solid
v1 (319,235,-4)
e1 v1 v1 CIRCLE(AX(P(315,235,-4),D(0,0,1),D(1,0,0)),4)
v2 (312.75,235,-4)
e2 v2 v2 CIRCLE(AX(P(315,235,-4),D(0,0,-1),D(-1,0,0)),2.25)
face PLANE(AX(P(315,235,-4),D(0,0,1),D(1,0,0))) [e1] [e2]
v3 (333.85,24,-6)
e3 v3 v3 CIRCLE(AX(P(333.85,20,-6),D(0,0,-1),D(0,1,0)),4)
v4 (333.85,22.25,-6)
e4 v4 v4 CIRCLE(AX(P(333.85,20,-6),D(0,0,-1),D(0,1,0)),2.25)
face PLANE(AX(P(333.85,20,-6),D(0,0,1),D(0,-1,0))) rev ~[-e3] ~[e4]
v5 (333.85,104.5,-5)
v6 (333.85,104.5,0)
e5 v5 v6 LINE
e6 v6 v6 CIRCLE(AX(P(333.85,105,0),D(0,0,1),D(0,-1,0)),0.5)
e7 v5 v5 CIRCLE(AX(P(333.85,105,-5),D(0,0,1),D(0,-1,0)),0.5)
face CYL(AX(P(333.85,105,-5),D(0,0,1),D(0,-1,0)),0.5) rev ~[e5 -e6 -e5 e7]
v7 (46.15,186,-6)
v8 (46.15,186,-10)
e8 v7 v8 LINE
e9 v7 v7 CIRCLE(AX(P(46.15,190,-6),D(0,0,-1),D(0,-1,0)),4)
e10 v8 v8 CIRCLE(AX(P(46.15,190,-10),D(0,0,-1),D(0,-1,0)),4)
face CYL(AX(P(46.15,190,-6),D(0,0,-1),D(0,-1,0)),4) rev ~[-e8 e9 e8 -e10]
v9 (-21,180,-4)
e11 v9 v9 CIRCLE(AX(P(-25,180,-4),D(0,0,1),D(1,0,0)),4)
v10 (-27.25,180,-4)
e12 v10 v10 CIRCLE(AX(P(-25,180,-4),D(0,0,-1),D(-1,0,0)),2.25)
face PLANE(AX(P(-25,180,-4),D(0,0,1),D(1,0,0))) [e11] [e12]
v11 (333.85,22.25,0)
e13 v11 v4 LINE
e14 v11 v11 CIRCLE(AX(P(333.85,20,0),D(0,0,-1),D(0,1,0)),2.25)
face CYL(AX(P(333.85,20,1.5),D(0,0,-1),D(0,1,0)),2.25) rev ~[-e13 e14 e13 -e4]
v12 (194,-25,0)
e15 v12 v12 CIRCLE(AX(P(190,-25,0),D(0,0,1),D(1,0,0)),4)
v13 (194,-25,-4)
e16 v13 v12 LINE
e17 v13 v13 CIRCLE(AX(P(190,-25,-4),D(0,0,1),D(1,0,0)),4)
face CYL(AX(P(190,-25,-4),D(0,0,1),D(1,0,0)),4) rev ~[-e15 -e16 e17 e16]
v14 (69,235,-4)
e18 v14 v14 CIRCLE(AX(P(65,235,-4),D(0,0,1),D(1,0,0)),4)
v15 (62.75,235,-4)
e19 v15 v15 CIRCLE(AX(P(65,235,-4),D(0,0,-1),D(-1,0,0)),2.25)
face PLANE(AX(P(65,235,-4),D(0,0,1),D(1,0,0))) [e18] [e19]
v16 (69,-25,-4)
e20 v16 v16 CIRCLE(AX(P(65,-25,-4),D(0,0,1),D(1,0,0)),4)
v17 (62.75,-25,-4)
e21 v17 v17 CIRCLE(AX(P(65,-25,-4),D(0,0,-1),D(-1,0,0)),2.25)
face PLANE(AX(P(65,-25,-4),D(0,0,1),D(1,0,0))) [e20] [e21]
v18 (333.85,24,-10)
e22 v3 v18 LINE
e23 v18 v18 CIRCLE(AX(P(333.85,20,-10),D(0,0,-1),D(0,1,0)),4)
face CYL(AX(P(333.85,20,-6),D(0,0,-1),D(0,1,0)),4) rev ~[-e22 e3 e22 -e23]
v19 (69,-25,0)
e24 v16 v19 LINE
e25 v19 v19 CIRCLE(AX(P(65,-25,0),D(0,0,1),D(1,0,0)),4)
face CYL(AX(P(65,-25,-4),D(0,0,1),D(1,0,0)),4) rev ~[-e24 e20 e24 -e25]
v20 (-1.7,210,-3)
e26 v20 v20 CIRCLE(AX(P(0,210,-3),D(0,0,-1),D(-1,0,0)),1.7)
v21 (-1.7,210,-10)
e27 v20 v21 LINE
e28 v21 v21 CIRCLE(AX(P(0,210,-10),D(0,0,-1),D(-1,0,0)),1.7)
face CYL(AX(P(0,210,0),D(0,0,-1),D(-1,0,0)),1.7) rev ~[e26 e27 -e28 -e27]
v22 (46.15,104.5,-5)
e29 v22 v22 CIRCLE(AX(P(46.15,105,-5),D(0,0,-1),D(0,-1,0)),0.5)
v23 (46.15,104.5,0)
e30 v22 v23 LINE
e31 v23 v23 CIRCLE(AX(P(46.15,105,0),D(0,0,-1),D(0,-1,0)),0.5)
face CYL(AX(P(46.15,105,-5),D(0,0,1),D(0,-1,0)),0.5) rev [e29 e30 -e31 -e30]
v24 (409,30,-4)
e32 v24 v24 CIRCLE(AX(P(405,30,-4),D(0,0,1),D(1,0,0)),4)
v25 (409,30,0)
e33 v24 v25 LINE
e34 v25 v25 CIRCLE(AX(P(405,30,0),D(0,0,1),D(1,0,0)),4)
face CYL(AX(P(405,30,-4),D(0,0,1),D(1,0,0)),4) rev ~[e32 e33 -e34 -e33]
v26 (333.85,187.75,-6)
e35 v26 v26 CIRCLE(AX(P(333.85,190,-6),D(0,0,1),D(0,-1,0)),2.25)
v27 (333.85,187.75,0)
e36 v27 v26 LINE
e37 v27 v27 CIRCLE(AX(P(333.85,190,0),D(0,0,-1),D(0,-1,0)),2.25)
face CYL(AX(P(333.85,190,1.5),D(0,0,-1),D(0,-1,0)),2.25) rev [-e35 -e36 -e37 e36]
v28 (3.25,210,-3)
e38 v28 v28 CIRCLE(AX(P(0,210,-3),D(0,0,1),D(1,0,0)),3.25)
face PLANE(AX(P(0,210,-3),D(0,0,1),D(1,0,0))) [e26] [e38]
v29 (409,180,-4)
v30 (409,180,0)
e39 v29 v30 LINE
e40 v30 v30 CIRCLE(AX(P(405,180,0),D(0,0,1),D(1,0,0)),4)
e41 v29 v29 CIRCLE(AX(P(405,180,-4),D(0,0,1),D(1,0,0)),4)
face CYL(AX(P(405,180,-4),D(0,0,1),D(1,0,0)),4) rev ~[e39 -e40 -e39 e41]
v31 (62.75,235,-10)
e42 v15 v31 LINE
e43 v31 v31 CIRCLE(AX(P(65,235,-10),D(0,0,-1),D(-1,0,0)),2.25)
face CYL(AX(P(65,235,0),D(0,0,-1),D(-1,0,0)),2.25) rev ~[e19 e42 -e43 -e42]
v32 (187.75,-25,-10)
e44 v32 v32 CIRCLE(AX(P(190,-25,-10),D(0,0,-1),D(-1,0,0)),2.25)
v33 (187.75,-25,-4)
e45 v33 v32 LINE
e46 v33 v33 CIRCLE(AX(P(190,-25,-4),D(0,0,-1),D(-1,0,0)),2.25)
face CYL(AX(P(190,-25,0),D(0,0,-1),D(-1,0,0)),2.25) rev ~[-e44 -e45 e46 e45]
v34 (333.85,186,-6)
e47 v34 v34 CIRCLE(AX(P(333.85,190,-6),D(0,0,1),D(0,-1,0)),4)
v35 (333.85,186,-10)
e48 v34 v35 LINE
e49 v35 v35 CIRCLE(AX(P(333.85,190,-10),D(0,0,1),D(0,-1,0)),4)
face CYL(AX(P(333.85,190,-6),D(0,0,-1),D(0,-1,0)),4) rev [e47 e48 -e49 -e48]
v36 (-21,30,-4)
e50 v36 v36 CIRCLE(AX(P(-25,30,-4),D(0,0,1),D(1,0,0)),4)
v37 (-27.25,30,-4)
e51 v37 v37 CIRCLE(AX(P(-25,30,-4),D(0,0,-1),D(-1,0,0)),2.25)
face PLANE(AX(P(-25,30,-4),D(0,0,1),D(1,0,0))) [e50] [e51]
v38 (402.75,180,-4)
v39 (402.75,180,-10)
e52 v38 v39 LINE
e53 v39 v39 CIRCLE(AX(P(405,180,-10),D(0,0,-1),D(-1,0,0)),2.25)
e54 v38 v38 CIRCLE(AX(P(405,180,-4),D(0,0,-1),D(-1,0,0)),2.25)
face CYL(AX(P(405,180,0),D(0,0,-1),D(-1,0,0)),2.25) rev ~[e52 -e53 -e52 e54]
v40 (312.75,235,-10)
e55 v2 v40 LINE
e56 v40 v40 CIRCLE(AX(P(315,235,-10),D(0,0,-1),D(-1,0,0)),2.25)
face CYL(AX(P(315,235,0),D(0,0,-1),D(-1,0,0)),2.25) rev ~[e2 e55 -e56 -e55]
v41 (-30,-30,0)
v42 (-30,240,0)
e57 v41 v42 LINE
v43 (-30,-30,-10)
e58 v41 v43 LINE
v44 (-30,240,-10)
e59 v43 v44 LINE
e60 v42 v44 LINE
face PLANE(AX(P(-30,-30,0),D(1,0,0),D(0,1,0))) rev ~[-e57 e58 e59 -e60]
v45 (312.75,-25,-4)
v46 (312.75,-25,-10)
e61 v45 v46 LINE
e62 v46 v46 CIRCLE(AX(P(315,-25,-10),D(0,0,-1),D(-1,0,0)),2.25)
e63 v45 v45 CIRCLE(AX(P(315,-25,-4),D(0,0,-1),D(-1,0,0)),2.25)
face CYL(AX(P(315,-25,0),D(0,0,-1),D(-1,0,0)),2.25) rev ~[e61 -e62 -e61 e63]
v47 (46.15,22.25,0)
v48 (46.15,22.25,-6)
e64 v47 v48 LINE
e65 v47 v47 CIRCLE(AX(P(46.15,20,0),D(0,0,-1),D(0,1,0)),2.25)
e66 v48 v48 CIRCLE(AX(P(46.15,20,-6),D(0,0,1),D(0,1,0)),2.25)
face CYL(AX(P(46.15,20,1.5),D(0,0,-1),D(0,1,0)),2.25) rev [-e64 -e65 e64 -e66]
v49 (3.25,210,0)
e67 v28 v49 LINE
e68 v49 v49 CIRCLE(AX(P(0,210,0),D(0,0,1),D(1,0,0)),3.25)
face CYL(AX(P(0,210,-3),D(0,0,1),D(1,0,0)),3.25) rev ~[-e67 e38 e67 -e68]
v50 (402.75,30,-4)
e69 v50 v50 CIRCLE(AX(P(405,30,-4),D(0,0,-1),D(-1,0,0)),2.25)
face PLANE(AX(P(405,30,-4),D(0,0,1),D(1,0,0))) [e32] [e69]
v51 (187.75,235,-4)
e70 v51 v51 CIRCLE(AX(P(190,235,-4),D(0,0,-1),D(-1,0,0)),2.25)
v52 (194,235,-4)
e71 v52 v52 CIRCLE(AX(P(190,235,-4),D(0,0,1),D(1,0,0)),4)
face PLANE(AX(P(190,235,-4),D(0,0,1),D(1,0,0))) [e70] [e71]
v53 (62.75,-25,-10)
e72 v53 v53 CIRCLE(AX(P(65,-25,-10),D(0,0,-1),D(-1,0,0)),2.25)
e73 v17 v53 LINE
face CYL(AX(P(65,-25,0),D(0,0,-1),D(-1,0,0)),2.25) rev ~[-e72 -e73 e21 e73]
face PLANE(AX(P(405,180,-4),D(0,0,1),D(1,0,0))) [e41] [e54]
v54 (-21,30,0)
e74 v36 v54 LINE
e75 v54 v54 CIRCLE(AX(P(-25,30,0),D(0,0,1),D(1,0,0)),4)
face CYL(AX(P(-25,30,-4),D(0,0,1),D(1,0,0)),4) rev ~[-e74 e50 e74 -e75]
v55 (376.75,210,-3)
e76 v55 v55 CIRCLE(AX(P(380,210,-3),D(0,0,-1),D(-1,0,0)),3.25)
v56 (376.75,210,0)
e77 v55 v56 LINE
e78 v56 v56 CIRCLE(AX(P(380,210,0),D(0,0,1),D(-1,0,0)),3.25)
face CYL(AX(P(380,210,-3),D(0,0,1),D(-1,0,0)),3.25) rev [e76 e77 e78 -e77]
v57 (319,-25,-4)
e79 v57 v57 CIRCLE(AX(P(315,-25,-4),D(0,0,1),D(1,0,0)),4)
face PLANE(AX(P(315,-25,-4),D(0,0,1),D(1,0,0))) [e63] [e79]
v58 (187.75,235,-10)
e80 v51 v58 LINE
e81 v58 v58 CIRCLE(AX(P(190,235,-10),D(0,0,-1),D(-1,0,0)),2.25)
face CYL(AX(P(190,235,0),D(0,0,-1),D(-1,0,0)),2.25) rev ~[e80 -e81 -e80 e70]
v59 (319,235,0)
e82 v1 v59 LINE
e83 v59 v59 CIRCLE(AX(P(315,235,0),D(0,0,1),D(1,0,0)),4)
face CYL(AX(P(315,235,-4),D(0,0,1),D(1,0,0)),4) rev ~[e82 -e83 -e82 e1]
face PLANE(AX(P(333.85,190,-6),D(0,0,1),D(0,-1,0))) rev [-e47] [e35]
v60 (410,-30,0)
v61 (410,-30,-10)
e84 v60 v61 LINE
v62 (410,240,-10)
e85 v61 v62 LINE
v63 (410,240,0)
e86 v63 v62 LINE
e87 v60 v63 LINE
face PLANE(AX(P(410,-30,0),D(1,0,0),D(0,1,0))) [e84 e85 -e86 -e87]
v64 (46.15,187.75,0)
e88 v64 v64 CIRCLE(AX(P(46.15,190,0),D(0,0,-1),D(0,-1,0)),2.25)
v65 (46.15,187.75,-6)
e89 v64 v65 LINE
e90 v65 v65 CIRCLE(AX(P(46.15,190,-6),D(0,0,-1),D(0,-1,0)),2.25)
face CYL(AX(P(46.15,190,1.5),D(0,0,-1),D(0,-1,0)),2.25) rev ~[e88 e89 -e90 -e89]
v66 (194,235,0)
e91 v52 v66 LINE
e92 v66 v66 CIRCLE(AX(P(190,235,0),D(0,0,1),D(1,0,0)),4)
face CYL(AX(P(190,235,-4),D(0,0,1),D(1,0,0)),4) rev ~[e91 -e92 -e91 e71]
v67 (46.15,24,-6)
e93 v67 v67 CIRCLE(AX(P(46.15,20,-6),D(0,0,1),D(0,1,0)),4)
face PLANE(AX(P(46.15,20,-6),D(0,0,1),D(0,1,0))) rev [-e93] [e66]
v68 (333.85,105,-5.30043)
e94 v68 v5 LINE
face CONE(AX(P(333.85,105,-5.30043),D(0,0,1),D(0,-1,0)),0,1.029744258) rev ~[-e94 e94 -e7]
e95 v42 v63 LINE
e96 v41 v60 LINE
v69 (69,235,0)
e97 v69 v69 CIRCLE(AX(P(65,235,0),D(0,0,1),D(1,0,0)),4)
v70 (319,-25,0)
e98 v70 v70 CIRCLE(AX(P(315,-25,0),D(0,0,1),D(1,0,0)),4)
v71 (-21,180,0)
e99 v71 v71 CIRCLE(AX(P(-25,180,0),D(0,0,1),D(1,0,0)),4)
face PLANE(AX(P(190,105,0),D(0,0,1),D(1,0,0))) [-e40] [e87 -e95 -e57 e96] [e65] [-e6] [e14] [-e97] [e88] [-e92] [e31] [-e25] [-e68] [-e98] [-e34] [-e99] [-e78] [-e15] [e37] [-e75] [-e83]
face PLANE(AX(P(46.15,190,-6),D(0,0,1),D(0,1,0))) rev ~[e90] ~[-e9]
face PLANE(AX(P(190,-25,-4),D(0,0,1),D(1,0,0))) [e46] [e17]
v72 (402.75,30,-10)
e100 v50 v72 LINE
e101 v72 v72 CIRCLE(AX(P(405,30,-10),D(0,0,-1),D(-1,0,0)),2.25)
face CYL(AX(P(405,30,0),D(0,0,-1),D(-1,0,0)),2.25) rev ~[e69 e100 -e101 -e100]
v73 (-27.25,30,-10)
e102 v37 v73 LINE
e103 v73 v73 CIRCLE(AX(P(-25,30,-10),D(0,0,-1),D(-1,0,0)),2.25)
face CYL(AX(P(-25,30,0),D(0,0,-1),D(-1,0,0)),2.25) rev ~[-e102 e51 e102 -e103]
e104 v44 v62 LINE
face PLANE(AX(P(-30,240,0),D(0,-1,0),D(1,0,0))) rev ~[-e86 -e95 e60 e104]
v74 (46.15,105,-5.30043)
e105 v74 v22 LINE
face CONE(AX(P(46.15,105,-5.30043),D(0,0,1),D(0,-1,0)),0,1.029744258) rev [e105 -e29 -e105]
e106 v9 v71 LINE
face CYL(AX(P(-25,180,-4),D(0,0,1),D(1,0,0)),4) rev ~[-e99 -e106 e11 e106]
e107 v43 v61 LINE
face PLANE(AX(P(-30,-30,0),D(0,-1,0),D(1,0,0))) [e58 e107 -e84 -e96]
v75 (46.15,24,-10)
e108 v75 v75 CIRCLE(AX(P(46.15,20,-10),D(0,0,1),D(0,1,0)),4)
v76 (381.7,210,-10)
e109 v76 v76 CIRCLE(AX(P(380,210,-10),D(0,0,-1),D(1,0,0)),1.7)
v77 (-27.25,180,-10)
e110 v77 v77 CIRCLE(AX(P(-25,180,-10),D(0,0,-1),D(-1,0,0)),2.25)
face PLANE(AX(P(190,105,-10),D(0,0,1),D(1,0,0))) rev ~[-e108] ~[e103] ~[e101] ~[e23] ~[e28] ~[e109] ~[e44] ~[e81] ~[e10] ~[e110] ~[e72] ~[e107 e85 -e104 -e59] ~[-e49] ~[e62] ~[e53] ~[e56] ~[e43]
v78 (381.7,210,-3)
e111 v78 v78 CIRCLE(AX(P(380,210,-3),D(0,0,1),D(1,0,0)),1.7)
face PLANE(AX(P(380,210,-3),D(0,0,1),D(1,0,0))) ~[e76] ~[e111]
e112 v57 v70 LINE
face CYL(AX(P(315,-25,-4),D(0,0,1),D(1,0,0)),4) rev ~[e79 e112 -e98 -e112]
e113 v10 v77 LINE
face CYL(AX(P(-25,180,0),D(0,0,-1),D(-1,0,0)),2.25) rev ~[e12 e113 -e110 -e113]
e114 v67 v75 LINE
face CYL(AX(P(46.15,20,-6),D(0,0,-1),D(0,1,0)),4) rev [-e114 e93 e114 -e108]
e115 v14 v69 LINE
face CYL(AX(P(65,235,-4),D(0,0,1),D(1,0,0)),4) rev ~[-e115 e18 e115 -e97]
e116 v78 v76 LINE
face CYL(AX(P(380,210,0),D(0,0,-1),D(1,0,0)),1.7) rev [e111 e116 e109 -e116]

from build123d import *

# Parameters (mm, degrees)
SKETCH1_W                      = 440
SKETCH1_H                      = 270
BOSS_EXTRUDE1_DEPTH            = 10
CBORE_FOR_M4_SHCS4_D           = 4.5
CBORE_FOR_M4_SHCS4_DEPTH       = 11.5
CBORE_FOR_M4_SHCS4_CBORE_D     = 8
CBORE_FOR_M4_SHCS4_CBORE_DEPTH = 4
CBORE_FOR_M4_SHCS4_TIP         = 1.351936393
CBORE_FOR_M3_SHCS1_D           = 3.4
CBORE_FOR_M3_SHCS1_CBORE_D     = 6.5
CBORE_FOR_M3_SHCS1_CBORE_DEPTH = 3


with BuildPart() as part:
    # Sketch1 → Boss-Extrude1 (new body)
    with BuildSketch(Plane.XY):
        with Locations((190, 105)):
            Rectangle(SKETCH1_W, SKETCH1_H)
    extrude(amount=-BOSS_EXTRUDE1_DEPTH)

    # Sketch7 → CBORE for M4 SHCS3 (revolve, cut)
    with BuildSketch(Plane(origin=(46.15, 20, -10), x_dir=(0, 1, 0), z_dir=(1, 0, 0))):
        Polygon((0, 0), (0, 12.851936393), (2.25, 11.5), (2.25, 4), (4, 4), (4, 0), align=None)
    cbore_for_m4_shcs3 = revolve(axis=Axis((46.15, 20, -16.35), (0, 0, 1)), mode=Mode.SUBTRACT)

    # Mirror1: CBORE for M4 SHCS3 across plane
    add(cbore_for_m4_shcs3.mirror(Plane(origin=(0, 105, 0), x_dir=(0, 0, 1), z_dir=(0, -1, 0))), mode=Mode.SUBTRACT)

    # Mirror2: CBORE for M4 SHCS3 across plane
    add(cbore_for_m4_shcs3.mirror(Plane.ZY.offset(-190)), mode=Mode.SUBTRACT)

    # Mirror2 copy 1 sketch → Mirror2 copy 1 (revolve, cut)
    with BuildSketch(Plane(origin=(333.85, 190, -10), x_dir=(0, -1, 0), z_dir=(-1, 0, 0))):
        Polygon((0, 0), (0, 12.851936393), (2.25, 11.5), (2.25, 4), (4, 4), (4, 0), align=None)
    revolve(axis=Axis((333.85, 190, -16.35), (0, 0, 1)), mode=Mode.SUBTRACT)

    # CBORE for M4 SHCS4
    with Locations(Plane.XY):
        with Locations((65, 235), (190, 235), (315, 235), (315, -25), (190, -25), (65, -25), (405, 180), (405, 30), (-25, 30), (-25, 180)):
            CounterBoreHole(CBORE_FOR_M4_SHCS4_D / 2, CBORE_FOR_M4_SHCS4_CBORE_D / 2, CBORE_FOR_M4_SHCS4_CBORE_DEPTH, depth=CBORE_FOR_M4_SHCS4_DEPTH)
            with Locations((0, 0, -(CBORE_FOR_M4_SHCS4_DEPTH + CBORE_FOR_M4_SHCS4_TIP / 2))):  # 118° drill point
                Cone(0, CBORE_FOR_M4_SHCS4_D / 2, CBORE_FOR_M4_SHCS4_TIP, mode=Mode.SUBTRACT)

    # Sketch11 → Ø1.0mm Dowel Hole1 (revolve, cut)
    with BuildSketch(Plane(origin=(46.15, 105, 0), x_dir=(0, -1, 0), z_dir=(1, 0, 0))):
        Polygon((0, 0), (0, 5.30043031), (0.5, 5), (0.5, 0), align=None)
    f_1_0mm_dowel_hole1 = revolve(axis=Axis((46.15, 105, 6.35), (0, 0, -1)), mode=Mode.SUBTRACT)

    # Mirror3: Ø1.0mm Dowel Hole1 across plane
    add(f_1_0mm_dowel_hole1.mirror(Plane.ZY.offset(-190)), mode=Mode.SUBTRACT)

    # CBORE for M3 SHCS1 (through all)
    with Locations(Plane.XY):
        with Locations((0, 210)):
            cbore_for_m3_shcs1 = CounterBoreHole(CBORE_FOR_M3_SHCS1_D / 2, CBORE_FOR_M3_SHCS1_CBORE_D / 2, CBORE_FOR_M3_SHCS1_CBORE_DEPTH)

    # Mirror4: CBORE for M3 SHCS1 across plane
    add(cbore_for_m3_shcs1.mirror(Plane.ZY.offset(-190)), mode=Mode.SUBTRACT)


solid = part.part
